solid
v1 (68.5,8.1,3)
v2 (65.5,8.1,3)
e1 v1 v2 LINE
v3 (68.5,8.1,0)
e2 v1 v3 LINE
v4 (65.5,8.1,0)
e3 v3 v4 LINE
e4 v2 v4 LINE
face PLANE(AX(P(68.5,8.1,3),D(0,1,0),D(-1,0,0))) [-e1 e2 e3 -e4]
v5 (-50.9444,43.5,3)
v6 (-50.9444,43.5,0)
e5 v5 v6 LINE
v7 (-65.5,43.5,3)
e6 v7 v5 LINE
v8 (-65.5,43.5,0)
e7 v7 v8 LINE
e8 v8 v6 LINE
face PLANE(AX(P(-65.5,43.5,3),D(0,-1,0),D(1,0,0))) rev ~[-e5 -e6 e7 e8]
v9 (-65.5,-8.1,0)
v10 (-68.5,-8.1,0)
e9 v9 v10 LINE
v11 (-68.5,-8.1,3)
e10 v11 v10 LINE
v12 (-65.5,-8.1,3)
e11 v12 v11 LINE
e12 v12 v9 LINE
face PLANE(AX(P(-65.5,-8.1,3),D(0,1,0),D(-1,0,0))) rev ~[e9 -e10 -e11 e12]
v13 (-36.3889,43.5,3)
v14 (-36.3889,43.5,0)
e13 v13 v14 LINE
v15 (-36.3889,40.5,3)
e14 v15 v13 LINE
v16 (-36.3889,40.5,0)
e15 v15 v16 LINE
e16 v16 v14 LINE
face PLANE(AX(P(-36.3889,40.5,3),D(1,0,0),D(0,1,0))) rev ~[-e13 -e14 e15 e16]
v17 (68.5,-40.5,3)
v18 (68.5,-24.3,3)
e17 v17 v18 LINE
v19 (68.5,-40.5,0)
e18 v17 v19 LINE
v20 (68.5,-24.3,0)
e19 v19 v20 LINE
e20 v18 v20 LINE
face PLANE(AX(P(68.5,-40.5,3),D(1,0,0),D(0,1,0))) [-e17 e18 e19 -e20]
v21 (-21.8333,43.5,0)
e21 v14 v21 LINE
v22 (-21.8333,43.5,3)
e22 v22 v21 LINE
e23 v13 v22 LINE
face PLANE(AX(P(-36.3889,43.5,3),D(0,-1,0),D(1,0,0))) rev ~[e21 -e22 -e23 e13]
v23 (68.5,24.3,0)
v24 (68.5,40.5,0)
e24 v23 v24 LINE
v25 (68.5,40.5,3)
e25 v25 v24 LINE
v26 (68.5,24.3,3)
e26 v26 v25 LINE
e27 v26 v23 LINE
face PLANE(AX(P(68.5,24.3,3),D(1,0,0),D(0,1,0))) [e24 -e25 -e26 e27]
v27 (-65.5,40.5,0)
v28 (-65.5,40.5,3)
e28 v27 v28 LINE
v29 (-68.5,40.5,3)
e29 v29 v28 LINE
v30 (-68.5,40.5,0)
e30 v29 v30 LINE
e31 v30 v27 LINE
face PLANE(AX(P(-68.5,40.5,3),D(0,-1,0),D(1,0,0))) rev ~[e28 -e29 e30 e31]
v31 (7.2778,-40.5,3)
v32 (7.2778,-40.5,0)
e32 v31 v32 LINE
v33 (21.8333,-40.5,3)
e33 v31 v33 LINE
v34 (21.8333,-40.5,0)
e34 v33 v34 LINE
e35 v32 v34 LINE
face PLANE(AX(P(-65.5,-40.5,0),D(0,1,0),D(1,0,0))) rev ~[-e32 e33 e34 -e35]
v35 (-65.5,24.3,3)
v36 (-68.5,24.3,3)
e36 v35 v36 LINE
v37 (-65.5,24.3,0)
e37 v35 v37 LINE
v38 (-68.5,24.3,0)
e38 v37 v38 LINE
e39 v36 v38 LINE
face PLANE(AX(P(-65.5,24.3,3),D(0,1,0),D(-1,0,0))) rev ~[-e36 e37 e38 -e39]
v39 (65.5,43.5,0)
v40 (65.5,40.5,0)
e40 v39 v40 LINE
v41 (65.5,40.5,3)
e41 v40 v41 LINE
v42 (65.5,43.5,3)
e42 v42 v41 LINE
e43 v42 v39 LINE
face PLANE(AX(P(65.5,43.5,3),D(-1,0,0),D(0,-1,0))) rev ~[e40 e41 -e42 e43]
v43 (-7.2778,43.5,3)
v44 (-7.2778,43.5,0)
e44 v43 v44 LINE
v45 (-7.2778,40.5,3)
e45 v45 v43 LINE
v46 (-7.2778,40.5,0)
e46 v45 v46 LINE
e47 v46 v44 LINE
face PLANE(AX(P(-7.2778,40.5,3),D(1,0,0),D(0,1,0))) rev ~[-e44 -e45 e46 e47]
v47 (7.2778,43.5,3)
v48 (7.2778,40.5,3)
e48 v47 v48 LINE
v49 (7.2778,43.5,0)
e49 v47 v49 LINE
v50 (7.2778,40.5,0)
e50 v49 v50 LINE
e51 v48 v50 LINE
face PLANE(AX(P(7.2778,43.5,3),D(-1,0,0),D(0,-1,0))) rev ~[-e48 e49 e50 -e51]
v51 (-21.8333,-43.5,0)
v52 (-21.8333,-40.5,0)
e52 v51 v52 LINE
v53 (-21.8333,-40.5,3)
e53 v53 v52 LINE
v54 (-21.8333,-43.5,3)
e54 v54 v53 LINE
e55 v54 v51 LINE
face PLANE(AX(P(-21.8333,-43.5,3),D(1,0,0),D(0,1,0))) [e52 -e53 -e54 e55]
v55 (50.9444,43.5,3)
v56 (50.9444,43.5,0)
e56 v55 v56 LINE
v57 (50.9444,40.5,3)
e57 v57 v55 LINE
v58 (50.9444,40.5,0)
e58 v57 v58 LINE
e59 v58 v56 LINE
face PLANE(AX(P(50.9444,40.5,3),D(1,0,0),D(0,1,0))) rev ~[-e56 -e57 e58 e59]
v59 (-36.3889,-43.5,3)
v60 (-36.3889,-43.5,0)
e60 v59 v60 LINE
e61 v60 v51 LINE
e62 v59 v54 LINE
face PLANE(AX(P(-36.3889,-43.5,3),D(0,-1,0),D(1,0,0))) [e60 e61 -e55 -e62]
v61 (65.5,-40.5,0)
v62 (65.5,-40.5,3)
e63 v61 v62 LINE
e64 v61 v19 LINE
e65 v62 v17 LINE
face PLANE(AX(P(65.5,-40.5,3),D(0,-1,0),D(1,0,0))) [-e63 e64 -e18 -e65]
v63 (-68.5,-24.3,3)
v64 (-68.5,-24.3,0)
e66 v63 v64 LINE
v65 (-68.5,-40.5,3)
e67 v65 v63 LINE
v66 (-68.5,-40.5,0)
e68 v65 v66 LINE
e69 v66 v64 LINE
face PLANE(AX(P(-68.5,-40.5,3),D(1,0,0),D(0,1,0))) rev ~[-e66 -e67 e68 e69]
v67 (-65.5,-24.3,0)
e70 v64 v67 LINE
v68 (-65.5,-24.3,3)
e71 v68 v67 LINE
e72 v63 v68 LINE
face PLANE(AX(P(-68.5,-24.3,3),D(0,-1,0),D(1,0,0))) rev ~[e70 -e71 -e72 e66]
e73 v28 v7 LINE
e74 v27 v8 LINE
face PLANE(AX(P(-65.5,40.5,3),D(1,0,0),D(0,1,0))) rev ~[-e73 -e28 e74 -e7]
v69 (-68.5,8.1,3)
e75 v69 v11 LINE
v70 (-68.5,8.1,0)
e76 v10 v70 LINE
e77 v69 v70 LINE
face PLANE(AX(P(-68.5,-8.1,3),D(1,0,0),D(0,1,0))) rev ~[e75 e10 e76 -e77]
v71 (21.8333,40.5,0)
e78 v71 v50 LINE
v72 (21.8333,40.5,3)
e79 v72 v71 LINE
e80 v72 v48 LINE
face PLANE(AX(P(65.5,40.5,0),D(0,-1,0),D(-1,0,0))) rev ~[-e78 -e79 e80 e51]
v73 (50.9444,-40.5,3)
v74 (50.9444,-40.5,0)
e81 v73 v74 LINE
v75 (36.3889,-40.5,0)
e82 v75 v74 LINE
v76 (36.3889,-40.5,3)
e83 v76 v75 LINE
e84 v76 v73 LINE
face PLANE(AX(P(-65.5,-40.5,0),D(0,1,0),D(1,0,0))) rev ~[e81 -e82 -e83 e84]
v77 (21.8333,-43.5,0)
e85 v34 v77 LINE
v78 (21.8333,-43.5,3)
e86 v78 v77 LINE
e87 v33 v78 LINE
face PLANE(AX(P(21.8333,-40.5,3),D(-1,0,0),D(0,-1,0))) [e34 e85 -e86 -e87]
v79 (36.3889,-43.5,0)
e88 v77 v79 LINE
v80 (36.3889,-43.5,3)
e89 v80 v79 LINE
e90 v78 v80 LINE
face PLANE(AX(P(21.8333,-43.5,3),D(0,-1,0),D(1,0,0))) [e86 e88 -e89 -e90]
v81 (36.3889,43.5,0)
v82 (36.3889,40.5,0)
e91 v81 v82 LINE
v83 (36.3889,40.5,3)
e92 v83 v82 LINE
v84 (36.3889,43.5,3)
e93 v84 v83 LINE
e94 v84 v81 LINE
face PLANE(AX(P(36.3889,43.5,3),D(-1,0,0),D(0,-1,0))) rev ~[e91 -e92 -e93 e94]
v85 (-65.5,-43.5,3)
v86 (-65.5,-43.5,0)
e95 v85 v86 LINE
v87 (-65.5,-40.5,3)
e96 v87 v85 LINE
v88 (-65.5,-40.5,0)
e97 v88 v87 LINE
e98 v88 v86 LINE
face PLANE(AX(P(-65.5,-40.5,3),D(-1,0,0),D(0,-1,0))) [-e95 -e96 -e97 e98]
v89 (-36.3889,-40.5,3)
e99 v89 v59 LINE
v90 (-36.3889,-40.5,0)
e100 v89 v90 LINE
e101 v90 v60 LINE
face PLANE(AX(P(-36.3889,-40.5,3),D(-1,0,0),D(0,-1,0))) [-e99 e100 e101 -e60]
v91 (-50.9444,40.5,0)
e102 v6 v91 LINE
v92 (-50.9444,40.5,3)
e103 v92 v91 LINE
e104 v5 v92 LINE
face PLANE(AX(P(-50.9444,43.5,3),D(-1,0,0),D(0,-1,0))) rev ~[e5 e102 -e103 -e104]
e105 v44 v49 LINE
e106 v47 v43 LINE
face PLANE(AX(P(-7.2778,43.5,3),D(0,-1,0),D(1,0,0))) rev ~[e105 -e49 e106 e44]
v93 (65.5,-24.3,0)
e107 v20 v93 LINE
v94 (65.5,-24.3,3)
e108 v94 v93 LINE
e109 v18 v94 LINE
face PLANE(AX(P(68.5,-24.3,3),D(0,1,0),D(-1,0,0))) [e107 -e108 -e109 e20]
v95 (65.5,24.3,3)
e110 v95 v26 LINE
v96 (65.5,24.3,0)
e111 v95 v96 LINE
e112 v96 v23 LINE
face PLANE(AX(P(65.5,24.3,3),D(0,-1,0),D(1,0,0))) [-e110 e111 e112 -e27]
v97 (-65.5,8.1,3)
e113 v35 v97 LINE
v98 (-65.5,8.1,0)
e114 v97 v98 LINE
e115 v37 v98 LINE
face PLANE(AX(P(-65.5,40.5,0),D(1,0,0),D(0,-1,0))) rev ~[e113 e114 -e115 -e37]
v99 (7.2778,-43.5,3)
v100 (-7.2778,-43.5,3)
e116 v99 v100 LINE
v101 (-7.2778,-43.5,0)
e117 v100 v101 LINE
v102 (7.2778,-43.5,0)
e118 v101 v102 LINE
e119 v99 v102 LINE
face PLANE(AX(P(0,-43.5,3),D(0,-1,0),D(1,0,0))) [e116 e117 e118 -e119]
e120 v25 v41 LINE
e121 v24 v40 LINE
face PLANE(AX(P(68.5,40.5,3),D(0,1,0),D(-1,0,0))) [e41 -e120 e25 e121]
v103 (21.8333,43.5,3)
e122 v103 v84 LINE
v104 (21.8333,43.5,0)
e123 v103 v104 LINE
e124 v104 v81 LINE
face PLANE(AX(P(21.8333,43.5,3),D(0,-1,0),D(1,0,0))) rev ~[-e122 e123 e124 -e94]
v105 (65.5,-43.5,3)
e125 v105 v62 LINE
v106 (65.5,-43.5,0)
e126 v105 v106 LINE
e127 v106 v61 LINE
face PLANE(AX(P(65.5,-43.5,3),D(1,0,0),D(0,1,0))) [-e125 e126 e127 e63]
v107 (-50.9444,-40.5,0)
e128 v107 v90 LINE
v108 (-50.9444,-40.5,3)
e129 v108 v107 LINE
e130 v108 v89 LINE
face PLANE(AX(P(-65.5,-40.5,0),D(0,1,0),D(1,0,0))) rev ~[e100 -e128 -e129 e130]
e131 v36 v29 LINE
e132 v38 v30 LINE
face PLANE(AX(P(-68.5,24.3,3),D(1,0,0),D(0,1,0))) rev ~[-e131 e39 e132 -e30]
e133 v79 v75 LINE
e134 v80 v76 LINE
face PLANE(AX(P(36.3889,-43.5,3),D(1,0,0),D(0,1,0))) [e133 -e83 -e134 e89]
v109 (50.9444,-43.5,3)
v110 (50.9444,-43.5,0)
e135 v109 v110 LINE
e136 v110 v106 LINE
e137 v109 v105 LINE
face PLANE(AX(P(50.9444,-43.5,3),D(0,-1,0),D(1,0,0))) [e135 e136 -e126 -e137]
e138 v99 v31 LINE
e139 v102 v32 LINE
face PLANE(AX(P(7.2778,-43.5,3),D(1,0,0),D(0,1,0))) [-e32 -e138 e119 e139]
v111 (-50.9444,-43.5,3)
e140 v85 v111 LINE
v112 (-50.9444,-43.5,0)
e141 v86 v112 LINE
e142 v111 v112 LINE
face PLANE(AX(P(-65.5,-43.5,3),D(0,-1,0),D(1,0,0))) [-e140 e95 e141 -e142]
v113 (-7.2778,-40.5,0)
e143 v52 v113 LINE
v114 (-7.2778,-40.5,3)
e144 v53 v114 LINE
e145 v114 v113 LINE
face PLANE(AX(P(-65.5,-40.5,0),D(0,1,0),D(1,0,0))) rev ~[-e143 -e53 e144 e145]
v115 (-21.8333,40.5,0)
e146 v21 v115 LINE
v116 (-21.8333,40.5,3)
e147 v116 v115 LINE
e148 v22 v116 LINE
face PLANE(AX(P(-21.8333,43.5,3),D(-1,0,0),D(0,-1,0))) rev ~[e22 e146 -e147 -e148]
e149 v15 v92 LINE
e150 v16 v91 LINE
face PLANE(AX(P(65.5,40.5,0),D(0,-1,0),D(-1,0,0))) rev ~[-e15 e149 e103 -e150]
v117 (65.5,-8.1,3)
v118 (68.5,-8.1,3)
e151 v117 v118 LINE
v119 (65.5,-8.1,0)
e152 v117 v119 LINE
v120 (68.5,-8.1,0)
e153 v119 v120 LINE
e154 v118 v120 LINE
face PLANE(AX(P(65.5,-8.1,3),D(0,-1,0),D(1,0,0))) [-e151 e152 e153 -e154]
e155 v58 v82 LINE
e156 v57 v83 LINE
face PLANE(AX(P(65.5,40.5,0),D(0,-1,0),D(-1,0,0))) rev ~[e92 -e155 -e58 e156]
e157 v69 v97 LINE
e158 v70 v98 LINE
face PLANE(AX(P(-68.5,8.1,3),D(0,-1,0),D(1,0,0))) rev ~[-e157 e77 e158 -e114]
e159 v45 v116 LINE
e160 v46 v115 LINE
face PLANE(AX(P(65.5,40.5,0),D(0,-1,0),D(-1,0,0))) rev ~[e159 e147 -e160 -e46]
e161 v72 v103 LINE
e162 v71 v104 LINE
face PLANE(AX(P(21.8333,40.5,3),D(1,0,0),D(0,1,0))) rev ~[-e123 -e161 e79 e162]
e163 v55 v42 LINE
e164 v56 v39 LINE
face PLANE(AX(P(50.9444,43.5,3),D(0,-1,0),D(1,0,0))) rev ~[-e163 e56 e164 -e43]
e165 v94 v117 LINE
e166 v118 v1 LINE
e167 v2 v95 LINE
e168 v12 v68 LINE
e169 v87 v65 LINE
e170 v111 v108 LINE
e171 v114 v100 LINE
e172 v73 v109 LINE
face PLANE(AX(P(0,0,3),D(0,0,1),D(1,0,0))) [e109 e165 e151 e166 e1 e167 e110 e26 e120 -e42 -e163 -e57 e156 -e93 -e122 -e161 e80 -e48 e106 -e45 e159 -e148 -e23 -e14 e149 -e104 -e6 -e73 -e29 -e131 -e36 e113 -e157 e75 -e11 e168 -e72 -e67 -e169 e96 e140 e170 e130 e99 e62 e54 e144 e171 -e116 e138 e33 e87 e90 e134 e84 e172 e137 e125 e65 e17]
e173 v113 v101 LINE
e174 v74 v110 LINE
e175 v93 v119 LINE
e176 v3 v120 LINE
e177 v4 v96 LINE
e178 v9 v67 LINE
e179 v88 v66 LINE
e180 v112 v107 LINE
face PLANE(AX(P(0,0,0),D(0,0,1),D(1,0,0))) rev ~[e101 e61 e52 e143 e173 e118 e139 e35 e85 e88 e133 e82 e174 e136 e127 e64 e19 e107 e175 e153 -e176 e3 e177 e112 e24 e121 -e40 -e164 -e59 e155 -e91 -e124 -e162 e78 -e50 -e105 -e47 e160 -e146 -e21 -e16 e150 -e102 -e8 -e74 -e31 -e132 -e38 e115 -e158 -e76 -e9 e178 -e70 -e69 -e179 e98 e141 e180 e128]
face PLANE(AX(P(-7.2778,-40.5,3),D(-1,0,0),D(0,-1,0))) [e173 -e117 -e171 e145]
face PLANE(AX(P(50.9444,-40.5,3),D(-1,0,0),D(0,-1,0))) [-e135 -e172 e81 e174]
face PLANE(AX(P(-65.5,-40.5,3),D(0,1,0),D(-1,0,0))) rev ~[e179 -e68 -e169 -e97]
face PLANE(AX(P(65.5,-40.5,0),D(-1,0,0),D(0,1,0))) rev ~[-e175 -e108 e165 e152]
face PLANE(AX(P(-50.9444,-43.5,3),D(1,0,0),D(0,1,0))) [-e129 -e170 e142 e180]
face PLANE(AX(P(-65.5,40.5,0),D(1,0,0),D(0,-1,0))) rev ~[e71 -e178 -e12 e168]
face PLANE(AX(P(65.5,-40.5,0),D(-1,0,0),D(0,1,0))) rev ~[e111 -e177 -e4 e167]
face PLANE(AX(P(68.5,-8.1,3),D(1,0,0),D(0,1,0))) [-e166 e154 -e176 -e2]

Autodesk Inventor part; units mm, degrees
ref_plane "YZ Plane" through (0, 0, 0) normal (1, 0, 0) x (0, 1, 0)
ref_plane "XZ Plane" through (0, 0, 0) normal (0, 1, 0) x (-1, 0, 0)
ref_plane "XY Plane" through (0, 0, 0) normal (0, 0, 1) x (1, 0, 0)
sketch "Sketch1" plane through (0, 0, 0) normal (0, 0, 1) x (1, 0, 0)
  line L0 (-65.5, -40.5) -> (65.5, -40.5)
  line L1 (65.5, -40.5) -> (65.5, 40.5)
  line L2 (65.5, 40.5) -> (-65.5, 40.5)
  line L3 (-65.5, 40.5) -> (-65.5, -40.5)
  line L4 (-65.5, -40.5) -> (65.5, 40.5) construction
  line L5 (65.5, -40.5) -> (-65.5, 40.5) construction
  point P0 (0, 0)
  dimension "d0" = 131
  dimension "d1" = 81
extrude "Extrusion1" add sketch "Sketch1" along normal blind 3
sketch "Sketch2" plane through (0, 0, 3) normal (0, 0, 1) x (1, 0, 0)
  line L0 (65.5, -40.5) -> (65.5, 40.5) projected
  line L1 (65.5, 40.5) -> (65.5, 24.3)
  line L2 (65.5, 24.3) -> (68.5, 24.3)
  line L3 (68.5, 24.3) -> (68.5, 40.5)
  line L4 (68.5, 40.5) -> (65.5, 40.5)
  line L5 (65.5, 8.1) -> (65.5, -8.1)
  line L6 (65.5, -8.1) -> (68.5, -8.1)
  line L7 (68.5, -8.1) -> (68.5, 8.1)
  line L8 (68.5, 8.1) -> (65.5, 8.1)
  line L9 (65.5, -24.3) -> (65.5, -40.5)
  line L10 (65.5, -40.5) -> (68.5, -40.5)
  line L11 (68.5, -40.5) -> (68.5, -24.3)
  line L12 (68.5, -24.3) -> (65.5, -24.3)
  line L13 (0, -60.9) -> (0, 60.9) projected
  line L14 (-91.7, 0) -> (91.7, 0) projected
  line L15 (-65.5, -40.5) -> (-65.5, 40.5)
  line L16 (-65.5, 40.5) -> (-65.5, 24.3)
  line L17 (-65.5, 24.3) -> (-68.5, 24.3)
  line L18 (-68.5, 24.3) -> (-68.5, 40.5)
  line L19 (-68.5, 40.5) -> (-65.5, 40.5)
  line L20 (-65.5, 8.1) -> (-65.5, -8.1)
  line L21 (-65.5, -8.1) -> (-68.5, -8.1)
  line L22 (-68.5, -8.1) -> (-68.5, 8.1)
  line L23 (-68.5, 8.1) -> (-65.5, 8.1)
  line L24 (-65.5, -24.3) -> (-65.5, -40.5)
  line L25 (-65.5, -40.5) -> (-68.5, -40.5)
  line L26 (-68.5, -40.5) -> (-68.5, -24.3)
  line L27 (-68.5, -24.3) -> (-65.5, -24.3)
  line L28 (65.5, 40.5) -> (-65.5, 40.5) projected
  line L29 (65.5, 40.5) -> (50.9444, 40.5)
  line L30 (50.9444, 40.5) -> (50.9444, 43.5)
  line L31 (50.9444, 43.5) -> (65.5, 43.5)
  line L32 (65.5, 43.5) -> (65.5, 40.5)
  line L33 (36.3889, 40.5) -> (21.8333, 40.5)
  line L34 (21.8333, 40.5) -> (21.8333, 43.5)
  line L35 (21.8333, 43.5) -> (36.3889, 43.5)
  line L36 (36.3889, 43.5) -> (36.3889, 40.5)
  line L37 (7.2778, 40.5) -> (-7.2778, 40.5)
  line L38 (-7.2778, 40.5) -> (-7.2778, 43.5)
  line L39 (-7.2778, 43.5) -> (7.2778, 43.5)
  line L40 (7.2778, 43.5) -> (7.2778, 40.5)
  line L41 (-21.8333, 40.5) -> (-36.3889, 40.5)
  line L42 (-36.3889, 40.5) -> (-36.3889, 43.5)
  line L43 (-36.3889, 43.5) -> (-21.8333, 43.5)
  line L44 (-21.8333, 43.5) -> (-21.8333, 40.5)
  line L45 (-50.9444, 40.5) -> (-65.5, 40.5)
  line L46 (-65.5, 40.5) -> (-65.5, 43.5)
  line L47 (-65.5, 43.5) -> (-50.9444, 43.5)
  line L48 (-50.9444, 43.5) -> (-50.9444, 40.5)
  line L49 (-68.5, -40.5) -> (-65.5, -40.5)
  line L50 (65.5, -40.5) -> (-65.5, -40.5)
  line L51 (65.5, -40.5) -> (50.9444, -40.5)
  line L52 (50.9444, -40.5) -> (50.9444, -43.5)
  line L53 (50.9444, -43.5) -> (65.5, -43.5)
  line L54 (65.5, -43.5) -> (65.5, -40.5)
  line L55 (36.3889, -40.5) -> (21.8333, -40.5)
  line L56 (36.3889, -43.5) -> (36.3889, -40.5)
  line L57 (21.8333, -43.5) -> (36.3889, -43.5)
  line L58 (21.8333, -40.5) -> (21.8333, -43.5)
  line L59 (7.2778, -40.5) -> (-7.2778, -40.5)
  line L60 (7.2778, -43.5) -> (7.2778, -40.5)
  line L61 (-7.2778, -43.5) -> (7.2778, -43.5)
  line L62 (-7.2778, -40.5) -> (-7.2778, -43.5)
  line L63 (-21.8333, -40.5) -> (-36.3889, -40.5)
  line L64 (-21.8333, -43.5) -> (-21.8333, -40.5)
  line L65 (-36.3889, -43.5) -> (-21.8333, -43.5)
  line L66 (-36.3889, -40.5) -> (-36.3889, -43.5)
  line L67 (-50.9444, -40.5) -> (-65.5, -40.5)
  line L68 (-50.9444, -43.5) -> (-50.9444, -40.5)
  line L69 (-65.5, -43.5) -> (-50.9444, -43.5)
  line L70 (-65.5, -40.5) -> (-65.5, -43.5)
  point P0 (0, 0)
  point P1 (65.5, 0)
  point P2 (65.5, -32.4)
  point P3 (65.5, 0)
  point P4 (-65.5, 0)
  point P5 (-65.5, -32.4)
  point P6 (-65.5, 0)
  point P7 (0, 43.5)
  point P8 (0, 40.5)
  point P9 (0, -43.5)
  point P10 (0, -40.5)
  point P11 (-21.8333, -40.5)
  point P12 (7.2778, -40.5)
  point P13 (-7.2778, -40.5)
  point P14 (-7.2778, 40.5)
  point P15 (7.2778, 40.5)
  point P16 (-65.5, 8.1)
  point P17 (-21.8333, 40.5)
  dimension "d4" = 3
  dimension "d5" = 16.2
  dimension "d6" = 3
  dimension "d7" = 16.2
  dimension "d10" = 3
  dimension "d11" = 16.2
  dimension "d14" = 3
  dimension "d15" = 14.5556
  dimension "d16" = 3
  dimension "d17" = 14.5556
  dimension "d21" = 3
  dimension "d22" = 14.5556
  dimension "d26" = 3
  dimension "d27" = 14.5556
  dimension "d31" = 3
  dimension "d32" = 14.5556
  dimension "d36" = 14.5556
  dimension "d37" = 14.5556
extrude "Extrusion2" add sketch "Sketch2" against normal up to surface (3 mm away) contours L0 L12 L11 L10 | L54 L53 L52 L50 | L0 L14 L7 L6 | L56 L57 L58 L50 | L0 L8 L7 L14 | L60 L61 L13 L50 | L0 L4 L3 L2 | L13 L61 L62 L50 | L28 L38 L39 L13 | L13 L39 L40 L28 | L15 L21 L22 L14 | L14 L22 L23 L15 | L28 L30 L31 L32 | L64 L65 L66 L50 | L34 L35 L36 L28 | L28 L42 L43 L44 | L15 L25 L26 L27 | L17 L18 L19 L15 | L50 L68 L69 L70 | L46 L47 L48 L28
equation "\"d4\" = d2"
equation "\"d5\" = 0.2 * d1"
equation "\"d6\" = d8"
equation "\"d7\" = 0.2 * d9"
equation "\"d10\" = d12"
equation "\"d11\" = 0.2 * d13"
equation "\"d14\" = d4"
equation "\"d15\" = 0.111111 * d0"
equation "\"d16\" = d18"
equation "\"d17\" = d15"
equation "\"d21\" = d23"
equation "\"d22\" = d15"
equation "\"d26\" = d28"
equation "\"d27\" = d15"
equation "\"d31\" = d33"
equation "\"d32\" = d15"
equation "\"d36\" = d15"
equation "\"d37\" = d15"
equation "\"d8\" = d2"
equation "\"d9\" = d1"
equation "\"d12\" = d2"
equation "\"d13\" = d1"
equation "\"d18\" = d20"
equation "\"d20\" = d2"
equation "\"d23\" = d25"
equation "\"d25\" = d2"
equation "\"d28\" = d30"
equation "\"d30\" = d2"
equation "\"d33\" = d35"
equation "\"d35\" = d2"
equation "\"d2\" = 3"
properties part number "bottom"
